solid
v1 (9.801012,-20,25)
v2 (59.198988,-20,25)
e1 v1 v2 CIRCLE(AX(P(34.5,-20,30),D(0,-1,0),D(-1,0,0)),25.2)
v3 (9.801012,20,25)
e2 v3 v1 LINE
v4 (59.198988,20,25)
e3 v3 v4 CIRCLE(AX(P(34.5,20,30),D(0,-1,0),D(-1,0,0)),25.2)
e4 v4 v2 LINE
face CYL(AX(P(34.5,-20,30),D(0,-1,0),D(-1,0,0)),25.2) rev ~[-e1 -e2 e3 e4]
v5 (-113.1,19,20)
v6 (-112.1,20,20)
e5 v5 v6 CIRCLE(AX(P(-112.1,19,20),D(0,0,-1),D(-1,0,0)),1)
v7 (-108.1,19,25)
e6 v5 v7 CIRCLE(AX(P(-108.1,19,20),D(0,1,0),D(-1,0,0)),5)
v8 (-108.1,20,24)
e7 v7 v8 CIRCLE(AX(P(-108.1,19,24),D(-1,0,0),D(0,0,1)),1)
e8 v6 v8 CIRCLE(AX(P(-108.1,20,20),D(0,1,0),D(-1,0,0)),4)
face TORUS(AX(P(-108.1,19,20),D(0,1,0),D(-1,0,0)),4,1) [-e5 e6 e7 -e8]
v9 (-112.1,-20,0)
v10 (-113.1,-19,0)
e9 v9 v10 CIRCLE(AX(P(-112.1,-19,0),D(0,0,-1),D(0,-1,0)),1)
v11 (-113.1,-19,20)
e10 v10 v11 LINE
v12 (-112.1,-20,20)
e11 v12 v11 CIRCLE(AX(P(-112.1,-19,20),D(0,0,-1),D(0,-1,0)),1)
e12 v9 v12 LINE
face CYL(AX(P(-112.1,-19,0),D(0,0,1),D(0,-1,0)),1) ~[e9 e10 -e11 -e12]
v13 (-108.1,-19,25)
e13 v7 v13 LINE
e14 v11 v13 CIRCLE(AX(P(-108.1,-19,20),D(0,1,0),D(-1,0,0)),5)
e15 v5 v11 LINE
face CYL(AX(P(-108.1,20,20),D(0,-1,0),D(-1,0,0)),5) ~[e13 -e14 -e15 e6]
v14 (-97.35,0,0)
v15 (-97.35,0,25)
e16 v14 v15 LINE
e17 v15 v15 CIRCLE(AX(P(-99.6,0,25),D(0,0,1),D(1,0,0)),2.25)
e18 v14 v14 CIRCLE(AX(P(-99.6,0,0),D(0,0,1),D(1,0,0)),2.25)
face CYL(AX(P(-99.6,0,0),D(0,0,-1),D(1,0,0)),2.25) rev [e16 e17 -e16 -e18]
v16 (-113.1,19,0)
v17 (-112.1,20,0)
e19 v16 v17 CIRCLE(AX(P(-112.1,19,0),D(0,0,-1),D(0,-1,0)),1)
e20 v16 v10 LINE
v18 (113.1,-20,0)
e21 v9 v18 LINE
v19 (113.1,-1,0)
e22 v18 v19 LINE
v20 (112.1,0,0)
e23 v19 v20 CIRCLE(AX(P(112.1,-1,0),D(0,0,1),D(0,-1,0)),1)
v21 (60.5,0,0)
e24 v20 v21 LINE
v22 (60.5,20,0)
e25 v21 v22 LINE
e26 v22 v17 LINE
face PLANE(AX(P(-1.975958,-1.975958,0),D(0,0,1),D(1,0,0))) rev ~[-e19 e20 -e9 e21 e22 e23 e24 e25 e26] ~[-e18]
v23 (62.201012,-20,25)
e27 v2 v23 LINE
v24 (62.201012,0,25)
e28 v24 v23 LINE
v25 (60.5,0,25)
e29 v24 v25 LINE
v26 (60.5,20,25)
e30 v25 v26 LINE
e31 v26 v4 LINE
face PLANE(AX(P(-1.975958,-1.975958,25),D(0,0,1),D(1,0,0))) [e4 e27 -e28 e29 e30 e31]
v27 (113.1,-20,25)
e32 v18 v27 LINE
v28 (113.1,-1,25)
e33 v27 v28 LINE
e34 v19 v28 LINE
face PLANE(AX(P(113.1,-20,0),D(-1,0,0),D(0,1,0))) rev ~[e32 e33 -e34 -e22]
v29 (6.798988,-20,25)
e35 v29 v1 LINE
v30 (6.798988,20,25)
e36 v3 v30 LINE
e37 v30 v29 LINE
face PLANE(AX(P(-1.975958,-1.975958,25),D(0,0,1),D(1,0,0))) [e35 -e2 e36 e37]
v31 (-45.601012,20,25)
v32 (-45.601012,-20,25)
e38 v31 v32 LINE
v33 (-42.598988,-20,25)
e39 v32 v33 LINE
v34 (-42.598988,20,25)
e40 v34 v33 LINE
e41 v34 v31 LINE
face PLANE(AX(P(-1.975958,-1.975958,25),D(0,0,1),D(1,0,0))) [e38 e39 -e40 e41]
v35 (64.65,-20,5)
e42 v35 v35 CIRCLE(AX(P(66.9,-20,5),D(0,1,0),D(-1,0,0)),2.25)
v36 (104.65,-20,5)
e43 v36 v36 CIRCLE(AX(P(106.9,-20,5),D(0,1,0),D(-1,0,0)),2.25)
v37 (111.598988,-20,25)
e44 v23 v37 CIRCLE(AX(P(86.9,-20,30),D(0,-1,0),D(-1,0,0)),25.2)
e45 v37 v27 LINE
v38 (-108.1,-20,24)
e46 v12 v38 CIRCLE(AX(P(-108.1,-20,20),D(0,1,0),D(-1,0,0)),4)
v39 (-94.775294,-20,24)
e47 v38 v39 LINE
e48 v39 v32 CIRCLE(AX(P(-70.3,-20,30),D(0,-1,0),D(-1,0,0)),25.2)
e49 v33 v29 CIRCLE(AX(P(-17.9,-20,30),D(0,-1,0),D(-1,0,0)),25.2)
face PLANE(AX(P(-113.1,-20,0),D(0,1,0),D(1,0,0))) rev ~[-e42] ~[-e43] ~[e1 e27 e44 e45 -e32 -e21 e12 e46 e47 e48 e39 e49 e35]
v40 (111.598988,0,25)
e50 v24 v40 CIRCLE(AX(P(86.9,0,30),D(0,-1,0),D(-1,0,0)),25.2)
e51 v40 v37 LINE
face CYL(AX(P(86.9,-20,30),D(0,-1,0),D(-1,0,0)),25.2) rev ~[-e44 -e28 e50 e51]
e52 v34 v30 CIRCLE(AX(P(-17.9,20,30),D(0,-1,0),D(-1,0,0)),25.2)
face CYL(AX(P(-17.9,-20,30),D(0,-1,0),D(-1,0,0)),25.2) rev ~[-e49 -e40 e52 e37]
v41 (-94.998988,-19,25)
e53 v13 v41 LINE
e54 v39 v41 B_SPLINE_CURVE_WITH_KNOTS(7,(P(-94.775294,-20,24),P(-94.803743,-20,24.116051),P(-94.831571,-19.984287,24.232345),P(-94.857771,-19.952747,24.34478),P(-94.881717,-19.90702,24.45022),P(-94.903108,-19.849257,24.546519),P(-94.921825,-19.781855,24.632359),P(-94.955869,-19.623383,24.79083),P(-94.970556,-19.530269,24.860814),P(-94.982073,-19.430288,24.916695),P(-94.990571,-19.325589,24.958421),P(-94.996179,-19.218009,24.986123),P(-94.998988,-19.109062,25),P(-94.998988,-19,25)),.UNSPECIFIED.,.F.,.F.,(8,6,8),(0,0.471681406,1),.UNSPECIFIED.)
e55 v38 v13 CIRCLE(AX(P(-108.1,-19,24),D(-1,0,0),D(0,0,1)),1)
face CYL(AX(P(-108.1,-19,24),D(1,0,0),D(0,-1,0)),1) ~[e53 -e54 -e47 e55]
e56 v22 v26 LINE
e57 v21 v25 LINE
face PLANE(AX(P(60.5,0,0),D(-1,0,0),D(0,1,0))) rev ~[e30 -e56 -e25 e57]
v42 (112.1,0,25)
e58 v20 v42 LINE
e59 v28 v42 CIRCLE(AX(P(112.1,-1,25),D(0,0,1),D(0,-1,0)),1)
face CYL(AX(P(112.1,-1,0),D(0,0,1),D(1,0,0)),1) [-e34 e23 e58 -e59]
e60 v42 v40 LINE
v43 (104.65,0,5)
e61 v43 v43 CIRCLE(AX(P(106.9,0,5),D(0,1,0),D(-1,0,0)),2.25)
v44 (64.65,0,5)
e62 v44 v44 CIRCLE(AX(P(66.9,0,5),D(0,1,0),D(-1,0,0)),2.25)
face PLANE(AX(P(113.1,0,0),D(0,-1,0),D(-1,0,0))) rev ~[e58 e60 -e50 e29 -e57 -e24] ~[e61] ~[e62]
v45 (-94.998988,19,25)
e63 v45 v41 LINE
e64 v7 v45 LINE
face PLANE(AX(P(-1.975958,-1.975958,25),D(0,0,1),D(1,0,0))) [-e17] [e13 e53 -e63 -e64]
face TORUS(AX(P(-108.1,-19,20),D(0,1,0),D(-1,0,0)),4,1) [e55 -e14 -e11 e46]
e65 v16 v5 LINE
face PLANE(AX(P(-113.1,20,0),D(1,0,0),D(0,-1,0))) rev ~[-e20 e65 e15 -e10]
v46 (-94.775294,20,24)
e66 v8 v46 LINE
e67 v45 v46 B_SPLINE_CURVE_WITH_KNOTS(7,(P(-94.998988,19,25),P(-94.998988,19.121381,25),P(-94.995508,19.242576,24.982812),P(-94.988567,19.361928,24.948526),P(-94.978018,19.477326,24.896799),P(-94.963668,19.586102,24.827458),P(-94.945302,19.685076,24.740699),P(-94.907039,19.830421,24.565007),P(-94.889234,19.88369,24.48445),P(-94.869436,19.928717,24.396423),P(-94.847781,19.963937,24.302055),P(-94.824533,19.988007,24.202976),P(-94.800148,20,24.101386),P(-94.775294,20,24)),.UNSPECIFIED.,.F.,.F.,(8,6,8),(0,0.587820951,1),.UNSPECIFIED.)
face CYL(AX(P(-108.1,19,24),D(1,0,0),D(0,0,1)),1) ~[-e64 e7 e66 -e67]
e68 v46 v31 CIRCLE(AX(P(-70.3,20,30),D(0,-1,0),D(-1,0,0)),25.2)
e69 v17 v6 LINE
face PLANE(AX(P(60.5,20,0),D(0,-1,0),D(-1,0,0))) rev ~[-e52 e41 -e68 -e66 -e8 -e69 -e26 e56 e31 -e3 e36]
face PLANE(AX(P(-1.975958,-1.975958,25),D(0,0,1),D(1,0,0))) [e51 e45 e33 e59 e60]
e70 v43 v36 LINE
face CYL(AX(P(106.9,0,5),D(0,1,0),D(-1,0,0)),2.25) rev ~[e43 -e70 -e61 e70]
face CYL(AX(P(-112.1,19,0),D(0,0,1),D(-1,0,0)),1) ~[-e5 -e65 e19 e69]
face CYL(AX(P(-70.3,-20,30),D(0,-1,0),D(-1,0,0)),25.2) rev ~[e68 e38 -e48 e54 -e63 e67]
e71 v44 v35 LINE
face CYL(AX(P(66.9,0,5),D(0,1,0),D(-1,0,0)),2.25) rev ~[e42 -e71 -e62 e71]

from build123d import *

# Parameters (mm, degrees)
F0_R     = 2.25
F1_DEPTH = 25
F3_DEPTH = 40.001
F4_R     = 2.25
F5_DEPTH = 20.001
F6_R     = 5
F7_R     = 1
F8_R     = 1


with BuildPart() as f1:
    # F0 (on Top) → F1 (new body)
    with BuildSketch(Plane.XY):
        Polygon((-113.1, -20), (113.1, -20), (113.1, 0), (60.5, 0), (60.5, 20), (-113.1, 20), align=None)
        with Locations((-99.6, 0)):
            Circle(F0_R, mode=Mode.SUBTRACT)
    extrude(amount=F1_DEPTH)

    # F2 (on face) → F3 (cut, through all)
    with BuildSketch(Plane.XZ.offset(20)):
        with BuildLine():
            Line((-45.1, 30), (-95.5, 30))
            ThreePointArc((-95.5, 30), (-70.3, 4.8), (-45.1, 30))
        make_face()
        with BuildLine():
            Line((7.3, 30), (-43.1, 30))
            ThreePointArc((-43.1, 30), (-17.9, 4.8), (7.3, 30))
        make_face()
        with BuildLine():
            Line((59.7, 30), (9.3, 30))
            ThreePointArc((9.3, 30), (34.5, 4.8), (59.7, 30))
        make_face()
        with BuildLine():
            Line((112.1, 30), (61.7, 30))
            ThreePointArc((61.7, 30), (86.9, 4.8), (112.1, 30))
        make_face()
    extrude(amount=-F3_DEPTH, mode=Mode.SUBTRACT)

    # F4 (on face) → F5 (cut, through all)
    with BuildSketch(Plane(origin=(0, 0, 0), x_dir=(-1, 0, 0), z_dir=(0, 1, 0))):
        with Locations((-66.9, 5)):
            Circle(F4_R)
        with Locations((-106.9, 5)):
            Circle(F4_R)
    extrude(amount=-F5_DEPTH, mode=Mode.SUBTRACT)

    # F6
    f6_edges = [f1.edges().sort_by_distance(p)[0] for p in [
        (-113.1, 0, 25),
    ]]
    fillet(f6_edges, radius=F6_R)

    # F7
    f7_edges = [f1.edges().sort_by_distance(p)[0] for p in [
        (113.1, 0, 12.5),
    ]]
    fillet(f7_edges, radius=F7_R)

    # F8
    f8_edges = [f1.edges().sort_by_distance(p)[0] for p in [
        (-113.1, 20, 10),
        (-111.635534, 20, 23.535534),
        (-101.549494, 20, 25),
        (-113.1, -20, 10),
        (-111.635534, -20, 23.535534),
        (-101.549494, -20, 25),
    ]]
    fillet(f8_edges, radius=F8_R)


solid = f1.part
